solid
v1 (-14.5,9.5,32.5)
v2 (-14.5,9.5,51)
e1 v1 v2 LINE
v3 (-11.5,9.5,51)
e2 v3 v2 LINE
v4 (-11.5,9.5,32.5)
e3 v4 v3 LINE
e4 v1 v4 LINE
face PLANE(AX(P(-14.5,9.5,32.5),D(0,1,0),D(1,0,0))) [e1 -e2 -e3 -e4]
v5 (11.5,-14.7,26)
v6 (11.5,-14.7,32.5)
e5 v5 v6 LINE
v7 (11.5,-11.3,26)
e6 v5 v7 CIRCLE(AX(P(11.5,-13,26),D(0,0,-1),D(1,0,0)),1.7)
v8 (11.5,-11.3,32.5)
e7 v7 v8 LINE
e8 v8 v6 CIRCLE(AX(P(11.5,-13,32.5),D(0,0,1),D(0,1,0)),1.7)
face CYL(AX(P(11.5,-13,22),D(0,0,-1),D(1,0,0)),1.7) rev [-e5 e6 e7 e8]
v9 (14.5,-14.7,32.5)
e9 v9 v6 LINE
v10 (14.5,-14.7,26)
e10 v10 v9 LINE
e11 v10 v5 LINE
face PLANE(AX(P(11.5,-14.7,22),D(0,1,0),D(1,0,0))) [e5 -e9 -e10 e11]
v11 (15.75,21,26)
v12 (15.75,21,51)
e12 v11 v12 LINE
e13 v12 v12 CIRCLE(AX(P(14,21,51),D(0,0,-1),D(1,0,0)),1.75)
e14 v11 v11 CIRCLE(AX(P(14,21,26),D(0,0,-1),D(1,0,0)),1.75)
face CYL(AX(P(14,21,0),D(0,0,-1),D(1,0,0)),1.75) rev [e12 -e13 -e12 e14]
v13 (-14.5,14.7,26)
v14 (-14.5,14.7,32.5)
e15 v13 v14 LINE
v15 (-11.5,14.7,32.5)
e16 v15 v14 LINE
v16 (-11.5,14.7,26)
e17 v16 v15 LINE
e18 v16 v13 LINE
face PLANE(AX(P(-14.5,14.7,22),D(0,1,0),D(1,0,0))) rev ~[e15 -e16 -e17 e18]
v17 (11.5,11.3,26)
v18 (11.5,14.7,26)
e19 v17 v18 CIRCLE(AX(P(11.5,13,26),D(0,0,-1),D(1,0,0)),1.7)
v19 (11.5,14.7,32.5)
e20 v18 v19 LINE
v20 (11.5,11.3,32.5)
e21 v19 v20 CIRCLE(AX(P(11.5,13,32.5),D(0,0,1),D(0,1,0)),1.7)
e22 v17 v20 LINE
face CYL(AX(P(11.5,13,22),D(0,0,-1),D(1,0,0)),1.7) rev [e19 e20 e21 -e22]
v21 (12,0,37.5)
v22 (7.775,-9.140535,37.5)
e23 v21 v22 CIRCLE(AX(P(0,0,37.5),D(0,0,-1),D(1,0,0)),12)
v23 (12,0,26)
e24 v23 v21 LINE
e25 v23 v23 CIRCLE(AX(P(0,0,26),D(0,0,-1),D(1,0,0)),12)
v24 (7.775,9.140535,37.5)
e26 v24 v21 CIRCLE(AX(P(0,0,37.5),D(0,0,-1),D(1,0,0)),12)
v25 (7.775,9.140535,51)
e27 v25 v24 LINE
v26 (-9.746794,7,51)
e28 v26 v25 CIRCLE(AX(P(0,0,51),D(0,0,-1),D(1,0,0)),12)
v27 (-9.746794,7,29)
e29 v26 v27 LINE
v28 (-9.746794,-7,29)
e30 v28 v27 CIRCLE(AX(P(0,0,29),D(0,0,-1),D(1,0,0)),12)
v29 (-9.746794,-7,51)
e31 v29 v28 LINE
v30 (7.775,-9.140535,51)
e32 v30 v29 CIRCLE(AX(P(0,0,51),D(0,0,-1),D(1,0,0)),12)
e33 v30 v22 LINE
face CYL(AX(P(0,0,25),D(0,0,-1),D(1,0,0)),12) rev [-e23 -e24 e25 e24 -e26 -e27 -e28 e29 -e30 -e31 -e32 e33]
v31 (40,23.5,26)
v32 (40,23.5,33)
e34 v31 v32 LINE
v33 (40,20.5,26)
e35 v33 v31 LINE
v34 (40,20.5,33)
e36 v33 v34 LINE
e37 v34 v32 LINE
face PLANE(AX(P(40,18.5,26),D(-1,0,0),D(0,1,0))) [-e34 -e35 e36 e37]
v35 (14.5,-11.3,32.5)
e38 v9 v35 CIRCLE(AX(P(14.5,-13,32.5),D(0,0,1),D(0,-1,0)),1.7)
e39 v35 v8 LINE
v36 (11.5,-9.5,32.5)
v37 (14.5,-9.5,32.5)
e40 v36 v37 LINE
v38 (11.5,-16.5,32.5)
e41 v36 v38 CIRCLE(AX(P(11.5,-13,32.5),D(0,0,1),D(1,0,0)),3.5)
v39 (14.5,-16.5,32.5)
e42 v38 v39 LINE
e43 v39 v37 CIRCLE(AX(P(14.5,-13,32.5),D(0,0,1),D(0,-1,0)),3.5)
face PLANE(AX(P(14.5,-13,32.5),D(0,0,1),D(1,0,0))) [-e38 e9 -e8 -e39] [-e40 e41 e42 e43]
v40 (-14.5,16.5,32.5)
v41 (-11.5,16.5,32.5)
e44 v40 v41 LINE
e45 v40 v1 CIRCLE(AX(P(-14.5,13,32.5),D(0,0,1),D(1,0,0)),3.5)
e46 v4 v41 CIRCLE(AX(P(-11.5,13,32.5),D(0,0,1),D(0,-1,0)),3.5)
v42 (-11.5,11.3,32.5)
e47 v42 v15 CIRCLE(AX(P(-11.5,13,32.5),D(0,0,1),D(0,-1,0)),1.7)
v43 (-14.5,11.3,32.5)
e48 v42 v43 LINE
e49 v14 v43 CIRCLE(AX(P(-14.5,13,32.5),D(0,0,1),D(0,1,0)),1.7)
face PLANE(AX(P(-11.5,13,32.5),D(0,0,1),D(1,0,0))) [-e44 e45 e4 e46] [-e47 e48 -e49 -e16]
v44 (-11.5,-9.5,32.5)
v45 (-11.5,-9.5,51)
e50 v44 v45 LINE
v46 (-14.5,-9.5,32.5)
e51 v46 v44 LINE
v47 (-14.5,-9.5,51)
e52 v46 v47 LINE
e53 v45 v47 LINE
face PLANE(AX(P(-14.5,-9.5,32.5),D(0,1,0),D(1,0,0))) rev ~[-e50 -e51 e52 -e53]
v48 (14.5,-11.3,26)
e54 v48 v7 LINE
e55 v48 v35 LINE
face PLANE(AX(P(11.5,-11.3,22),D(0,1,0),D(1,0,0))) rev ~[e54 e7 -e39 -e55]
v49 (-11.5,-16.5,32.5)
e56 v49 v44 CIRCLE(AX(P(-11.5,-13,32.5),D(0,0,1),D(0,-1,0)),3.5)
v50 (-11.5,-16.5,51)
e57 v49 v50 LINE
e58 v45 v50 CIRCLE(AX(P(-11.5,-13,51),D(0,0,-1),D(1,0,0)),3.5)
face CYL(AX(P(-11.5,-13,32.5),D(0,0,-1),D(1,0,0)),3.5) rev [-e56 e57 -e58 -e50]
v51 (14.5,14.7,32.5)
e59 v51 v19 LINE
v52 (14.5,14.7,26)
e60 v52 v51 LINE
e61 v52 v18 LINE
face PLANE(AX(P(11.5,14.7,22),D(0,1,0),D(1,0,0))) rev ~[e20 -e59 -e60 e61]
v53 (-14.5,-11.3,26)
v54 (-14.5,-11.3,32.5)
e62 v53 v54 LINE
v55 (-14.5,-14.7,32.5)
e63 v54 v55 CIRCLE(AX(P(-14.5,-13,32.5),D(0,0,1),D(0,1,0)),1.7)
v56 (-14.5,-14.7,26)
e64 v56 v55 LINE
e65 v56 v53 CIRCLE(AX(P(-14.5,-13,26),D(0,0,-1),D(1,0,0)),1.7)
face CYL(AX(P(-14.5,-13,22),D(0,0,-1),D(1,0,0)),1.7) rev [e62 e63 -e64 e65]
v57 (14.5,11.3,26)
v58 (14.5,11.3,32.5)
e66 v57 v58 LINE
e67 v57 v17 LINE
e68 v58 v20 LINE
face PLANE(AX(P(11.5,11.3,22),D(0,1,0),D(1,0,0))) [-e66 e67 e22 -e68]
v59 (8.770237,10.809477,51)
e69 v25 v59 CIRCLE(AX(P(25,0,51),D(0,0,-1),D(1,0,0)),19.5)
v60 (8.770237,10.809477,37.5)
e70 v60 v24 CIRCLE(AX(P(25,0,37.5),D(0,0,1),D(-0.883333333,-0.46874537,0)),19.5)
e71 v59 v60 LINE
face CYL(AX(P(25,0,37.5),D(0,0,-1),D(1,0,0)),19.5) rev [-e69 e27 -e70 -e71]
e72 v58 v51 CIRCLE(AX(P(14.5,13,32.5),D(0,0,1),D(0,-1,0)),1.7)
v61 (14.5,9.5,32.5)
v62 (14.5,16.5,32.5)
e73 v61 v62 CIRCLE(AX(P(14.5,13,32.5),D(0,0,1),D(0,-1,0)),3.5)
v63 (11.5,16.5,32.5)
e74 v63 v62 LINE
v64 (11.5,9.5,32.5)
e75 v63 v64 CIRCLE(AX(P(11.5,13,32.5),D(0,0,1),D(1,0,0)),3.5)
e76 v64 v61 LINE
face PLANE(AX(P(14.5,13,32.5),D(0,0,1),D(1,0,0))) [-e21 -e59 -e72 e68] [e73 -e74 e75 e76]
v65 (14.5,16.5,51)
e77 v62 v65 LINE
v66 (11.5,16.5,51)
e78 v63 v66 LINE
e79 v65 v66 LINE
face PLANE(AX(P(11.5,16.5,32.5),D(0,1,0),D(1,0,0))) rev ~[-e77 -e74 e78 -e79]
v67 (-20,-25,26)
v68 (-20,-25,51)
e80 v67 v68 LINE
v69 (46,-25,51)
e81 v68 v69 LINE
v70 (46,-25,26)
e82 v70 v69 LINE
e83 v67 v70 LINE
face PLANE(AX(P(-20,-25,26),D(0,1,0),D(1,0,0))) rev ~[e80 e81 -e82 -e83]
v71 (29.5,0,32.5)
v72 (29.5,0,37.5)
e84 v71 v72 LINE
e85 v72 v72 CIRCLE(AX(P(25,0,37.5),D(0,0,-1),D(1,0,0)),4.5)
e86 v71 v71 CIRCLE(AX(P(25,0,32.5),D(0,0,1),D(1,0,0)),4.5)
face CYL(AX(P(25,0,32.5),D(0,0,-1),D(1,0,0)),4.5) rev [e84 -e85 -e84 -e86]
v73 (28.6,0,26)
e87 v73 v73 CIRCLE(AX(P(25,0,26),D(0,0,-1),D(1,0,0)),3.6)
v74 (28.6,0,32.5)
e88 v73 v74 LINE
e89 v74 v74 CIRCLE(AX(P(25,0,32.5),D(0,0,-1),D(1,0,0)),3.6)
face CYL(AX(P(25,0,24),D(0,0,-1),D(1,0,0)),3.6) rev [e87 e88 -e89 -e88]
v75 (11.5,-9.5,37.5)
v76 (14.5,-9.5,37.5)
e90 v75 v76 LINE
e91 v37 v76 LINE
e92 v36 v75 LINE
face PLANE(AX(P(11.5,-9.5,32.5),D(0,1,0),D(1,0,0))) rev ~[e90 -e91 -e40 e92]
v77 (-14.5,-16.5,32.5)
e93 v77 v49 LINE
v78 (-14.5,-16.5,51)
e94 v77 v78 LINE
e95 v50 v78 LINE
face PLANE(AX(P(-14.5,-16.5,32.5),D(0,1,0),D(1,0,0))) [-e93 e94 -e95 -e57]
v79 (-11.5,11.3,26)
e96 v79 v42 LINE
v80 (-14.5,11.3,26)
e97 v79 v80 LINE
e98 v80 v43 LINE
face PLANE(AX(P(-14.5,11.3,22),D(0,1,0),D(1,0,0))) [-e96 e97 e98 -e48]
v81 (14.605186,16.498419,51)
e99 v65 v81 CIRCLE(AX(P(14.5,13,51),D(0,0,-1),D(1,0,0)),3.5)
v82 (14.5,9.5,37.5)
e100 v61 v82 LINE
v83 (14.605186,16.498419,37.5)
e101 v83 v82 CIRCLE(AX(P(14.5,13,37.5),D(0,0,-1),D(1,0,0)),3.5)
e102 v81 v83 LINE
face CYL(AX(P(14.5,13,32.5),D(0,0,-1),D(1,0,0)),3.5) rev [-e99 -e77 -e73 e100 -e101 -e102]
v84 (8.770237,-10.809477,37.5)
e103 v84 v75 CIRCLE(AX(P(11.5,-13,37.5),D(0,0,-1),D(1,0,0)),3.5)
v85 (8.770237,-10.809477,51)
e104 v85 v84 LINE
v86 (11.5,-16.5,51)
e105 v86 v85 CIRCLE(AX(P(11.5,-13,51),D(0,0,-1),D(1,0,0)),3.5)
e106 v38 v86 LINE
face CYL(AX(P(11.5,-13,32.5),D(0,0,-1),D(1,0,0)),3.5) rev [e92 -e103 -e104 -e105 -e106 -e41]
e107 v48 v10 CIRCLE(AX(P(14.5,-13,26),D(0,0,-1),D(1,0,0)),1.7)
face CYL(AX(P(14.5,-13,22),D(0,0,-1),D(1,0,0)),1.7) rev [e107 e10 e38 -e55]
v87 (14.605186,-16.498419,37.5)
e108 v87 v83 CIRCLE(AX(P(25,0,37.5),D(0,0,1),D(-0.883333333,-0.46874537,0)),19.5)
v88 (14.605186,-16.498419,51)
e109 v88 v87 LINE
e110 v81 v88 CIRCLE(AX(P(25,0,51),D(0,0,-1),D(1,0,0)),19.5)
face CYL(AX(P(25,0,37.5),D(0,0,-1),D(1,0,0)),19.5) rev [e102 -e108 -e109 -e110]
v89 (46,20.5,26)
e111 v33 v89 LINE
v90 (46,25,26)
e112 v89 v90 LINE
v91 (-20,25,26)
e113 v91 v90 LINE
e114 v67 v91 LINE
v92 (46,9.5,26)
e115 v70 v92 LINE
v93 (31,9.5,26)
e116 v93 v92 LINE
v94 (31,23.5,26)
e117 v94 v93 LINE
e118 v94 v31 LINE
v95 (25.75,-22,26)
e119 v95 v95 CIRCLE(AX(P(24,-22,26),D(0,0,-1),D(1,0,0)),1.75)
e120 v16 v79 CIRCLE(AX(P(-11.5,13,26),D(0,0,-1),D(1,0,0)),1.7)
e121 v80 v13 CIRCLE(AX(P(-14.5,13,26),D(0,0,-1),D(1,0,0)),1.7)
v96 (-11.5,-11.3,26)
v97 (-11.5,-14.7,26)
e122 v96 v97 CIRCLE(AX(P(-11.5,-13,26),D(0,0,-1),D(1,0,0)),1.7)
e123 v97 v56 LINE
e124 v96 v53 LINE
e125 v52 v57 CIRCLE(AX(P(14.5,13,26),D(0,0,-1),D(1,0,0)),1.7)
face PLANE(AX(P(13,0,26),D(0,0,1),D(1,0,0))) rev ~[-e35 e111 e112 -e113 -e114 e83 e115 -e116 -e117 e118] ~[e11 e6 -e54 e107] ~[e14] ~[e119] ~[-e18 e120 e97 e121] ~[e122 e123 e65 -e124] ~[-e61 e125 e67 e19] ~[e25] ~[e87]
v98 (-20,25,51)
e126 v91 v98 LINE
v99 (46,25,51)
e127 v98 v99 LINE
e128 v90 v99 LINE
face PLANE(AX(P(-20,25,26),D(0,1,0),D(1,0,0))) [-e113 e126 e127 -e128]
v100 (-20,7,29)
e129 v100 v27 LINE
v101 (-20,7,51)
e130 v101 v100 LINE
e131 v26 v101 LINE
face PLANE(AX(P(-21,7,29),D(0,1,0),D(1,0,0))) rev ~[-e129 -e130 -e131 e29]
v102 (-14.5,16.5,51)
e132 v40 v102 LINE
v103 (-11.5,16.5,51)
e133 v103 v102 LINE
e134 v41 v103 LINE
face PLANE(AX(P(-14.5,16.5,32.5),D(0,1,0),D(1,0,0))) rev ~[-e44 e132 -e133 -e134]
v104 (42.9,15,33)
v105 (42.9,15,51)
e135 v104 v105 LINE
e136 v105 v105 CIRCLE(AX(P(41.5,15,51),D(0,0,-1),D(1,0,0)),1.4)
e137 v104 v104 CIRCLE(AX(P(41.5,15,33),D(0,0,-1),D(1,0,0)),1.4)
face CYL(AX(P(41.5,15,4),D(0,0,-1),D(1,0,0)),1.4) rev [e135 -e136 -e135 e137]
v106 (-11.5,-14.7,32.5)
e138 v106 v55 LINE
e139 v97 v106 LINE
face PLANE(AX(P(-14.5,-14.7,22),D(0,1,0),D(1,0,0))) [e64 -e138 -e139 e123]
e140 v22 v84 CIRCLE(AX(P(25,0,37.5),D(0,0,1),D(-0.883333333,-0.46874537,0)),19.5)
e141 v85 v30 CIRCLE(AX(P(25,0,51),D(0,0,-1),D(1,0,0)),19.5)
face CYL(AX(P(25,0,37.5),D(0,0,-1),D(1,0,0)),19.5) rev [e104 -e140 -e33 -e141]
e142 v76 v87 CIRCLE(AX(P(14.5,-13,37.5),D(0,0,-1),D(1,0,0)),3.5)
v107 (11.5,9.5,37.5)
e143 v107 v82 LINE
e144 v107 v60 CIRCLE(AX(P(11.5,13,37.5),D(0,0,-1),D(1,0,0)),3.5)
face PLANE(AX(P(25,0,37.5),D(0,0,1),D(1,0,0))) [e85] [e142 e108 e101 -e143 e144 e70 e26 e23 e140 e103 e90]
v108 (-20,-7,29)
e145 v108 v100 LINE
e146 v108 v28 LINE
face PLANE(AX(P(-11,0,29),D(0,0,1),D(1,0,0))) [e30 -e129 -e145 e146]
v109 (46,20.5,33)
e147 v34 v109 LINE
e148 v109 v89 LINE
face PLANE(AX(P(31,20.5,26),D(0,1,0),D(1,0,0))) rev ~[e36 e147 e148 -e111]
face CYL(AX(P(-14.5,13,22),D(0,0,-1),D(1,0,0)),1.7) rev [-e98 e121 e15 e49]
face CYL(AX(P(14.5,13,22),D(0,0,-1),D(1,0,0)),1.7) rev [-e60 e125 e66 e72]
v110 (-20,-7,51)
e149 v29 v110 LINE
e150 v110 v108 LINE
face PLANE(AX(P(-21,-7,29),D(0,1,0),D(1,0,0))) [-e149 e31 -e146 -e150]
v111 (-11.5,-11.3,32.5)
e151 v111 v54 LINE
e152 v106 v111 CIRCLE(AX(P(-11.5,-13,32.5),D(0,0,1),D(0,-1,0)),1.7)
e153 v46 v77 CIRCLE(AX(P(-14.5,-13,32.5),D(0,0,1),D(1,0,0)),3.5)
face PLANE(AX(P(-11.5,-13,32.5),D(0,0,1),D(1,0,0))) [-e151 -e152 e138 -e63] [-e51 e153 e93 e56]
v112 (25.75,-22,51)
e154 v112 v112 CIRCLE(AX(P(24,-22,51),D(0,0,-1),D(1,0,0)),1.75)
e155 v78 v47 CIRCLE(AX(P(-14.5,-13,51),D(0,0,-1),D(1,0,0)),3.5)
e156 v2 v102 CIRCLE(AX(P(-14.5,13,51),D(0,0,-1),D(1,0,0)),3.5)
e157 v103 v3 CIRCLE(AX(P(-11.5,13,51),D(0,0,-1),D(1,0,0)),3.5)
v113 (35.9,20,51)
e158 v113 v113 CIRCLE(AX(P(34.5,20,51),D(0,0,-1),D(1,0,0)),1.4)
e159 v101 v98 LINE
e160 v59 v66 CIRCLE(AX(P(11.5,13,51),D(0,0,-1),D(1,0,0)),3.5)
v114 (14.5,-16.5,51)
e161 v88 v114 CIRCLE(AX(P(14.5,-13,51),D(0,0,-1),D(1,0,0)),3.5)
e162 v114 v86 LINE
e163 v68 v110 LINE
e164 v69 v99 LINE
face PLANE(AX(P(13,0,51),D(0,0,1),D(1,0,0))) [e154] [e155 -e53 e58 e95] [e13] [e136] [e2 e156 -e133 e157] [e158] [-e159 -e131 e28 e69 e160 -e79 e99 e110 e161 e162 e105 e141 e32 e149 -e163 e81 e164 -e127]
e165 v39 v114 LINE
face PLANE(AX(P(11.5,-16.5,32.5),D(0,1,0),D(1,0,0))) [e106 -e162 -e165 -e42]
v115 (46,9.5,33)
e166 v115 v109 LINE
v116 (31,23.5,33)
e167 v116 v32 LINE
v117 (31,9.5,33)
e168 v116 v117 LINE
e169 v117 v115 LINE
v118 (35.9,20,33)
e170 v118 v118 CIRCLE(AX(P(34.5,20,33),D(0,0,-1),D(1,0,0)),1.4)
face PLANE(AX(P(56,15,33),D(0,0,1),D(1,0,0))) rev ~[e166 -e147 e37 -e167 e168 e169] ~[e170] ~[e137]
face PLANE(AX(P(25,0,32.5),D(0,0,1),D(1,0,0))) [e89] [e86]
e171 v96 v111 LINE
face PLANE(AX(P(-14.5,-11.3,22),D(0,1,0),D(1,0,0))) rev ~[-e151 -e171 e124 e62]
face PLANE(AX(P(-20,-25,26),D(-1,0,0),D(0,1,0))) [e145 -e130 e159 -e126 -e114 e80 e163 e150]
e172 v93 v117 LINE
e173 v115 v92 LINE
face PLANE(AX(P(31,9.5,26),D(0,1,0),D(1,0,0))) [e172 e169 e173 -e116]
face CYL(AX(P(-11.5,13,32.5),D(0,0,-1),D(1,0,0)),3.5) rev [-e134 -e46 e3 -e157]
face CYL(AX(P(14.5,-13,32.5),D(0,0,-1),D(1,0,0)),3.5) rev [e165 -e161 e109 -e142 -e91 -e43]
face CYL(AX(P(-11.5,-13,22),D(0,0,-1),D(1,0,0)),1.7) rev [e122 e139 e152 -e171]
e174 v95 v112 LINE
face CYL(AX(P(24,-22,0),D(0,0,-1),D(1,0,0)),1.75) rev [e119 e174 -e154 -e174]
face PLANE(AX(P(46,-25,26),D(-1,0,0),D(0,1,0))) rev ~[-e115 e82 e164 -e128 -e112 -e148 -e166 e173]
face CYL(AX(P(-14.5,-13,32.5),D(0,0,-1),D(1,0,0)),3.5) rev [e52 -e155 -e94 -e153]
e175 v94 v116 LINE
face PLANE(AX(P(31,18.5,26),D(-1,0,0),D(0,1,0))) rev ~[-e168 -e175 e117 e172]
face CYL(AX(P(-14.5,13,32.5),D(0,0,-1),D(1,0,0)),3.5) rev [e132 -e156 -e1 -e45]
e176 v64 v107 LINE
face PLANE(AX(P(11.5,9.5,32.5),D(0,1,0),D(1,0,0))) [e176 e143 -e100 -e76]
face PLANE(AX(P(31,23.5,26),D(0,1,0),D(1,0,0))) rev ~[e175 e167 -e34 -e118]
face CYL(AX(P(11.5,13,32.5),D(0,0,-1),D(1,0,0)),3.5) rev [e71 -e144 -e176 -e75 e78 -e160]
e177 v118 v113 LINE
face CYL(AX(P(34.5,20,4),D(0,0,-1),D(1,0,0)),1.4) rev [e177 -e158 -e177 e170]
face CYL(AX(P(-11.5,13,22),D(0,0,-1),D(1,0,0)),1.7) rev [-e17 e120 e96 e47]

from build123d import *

# Parameters (mm, degrees)
BOX043_W          = 20
BOX043_H          = 14
BOX043_DEPTH      = 30
CYLINDER032_R     = 1.75
CYLINDER032_DEPTH = 200
CYLINDER031_R     = 1.75
CYLINDER031_DEPTH = 200
CYLINDER072_R     = 1.4
CYLINDER072_DEPTH = 50
CYLINDER071_R     = 1.4
CYLINDER071_DEPTH = 50
BOX042_W          = 9
BOX042_H          = 5
BOX042_DEPTH      = 7
BOX040_W          = 50
BOX040_H          = 11
BOX040_DEPTH      = 7
CYLINDER019_R     = 4.5
CYLINDER019_DEPTH = 30
CYLINDER018_R     = 3.6
CYLINDER018_DEPTH = 30
CYLINDER016_R     = 19.5
CYLINDER016_DEPTH = 20
CYLINDER017_R     = 12
CYLINDER017_DEPTH = 33
BOX003_W          = 3
BOX003_H          = 7
BOX003_DEPTH      = 25
CYLINDER020_R     = 1.7
CYLINDER020_DEPTH = 25
CYLINDER012_R     = 3.5
CYLINDER012_DEPTH = 25
BOX002_W          = 3
BOX002_H          = 3.4
BOX002_DEPTH      = 15
CYLINDER021_R     = 3.5
CYLINDER021_DEPTH = 25
CYLINDER008_R     = 1.7
CYLINDER008_DEPTH = 25
BOX001_W          = 66
BOX001_H          = 50
BOX001_DEPTH      = 25


with BuildPart() as cube040:
    # Box043 → Box043 (new body)
    with BuildSketch(Plane(origin=(-21, -7, 29), x_dir=(1, 0, 0), z_dir=(0, 0, 1))):
        with Locations((10, 7)):
            Rectangle(BOX043_W, BOX043_H)
    extrude(amount=BOX043_DEPTH)


with BuildPart() as m3_studding003:
    # Cylinder032 → Cylinder032 (new body)
    with BuildSketch(Plane(origin=(24, -22, 0), x_dir=(1, 0, 0), z_dir=(0, 0, 1))):
        Circle(CYLINDER032_R)
    extrude(amount=CYLINDER032_DEPTH)


with BuildPart() as long_stack_studding_a:
    # Cylinder031 → Cylinder031 (new body)
    with BuildSketch(Plane(origin=(14, 21, 0), x_dir=(1, 0, 0), z_dir=(0, 0, 1))):
        Circle(CYLINDER031_R)
    extrude(amount=CYLINDER031_DEPTH)

    # Fusion046: union m3-studding003
    add(m3_studding003.part)


with BuildPart() as m3_studding013:
    # Cylinder072 → Cylinder072 (new body)
    with BuildSketch(Plane(origin=(41.5, 15, -6), x_dir=(1, 0, 0), z_dir=(0, 0, 1))):
        Circle(CYLINDER072_R)
    extrude(amount=CYLINDER072_DEPTH)


with BuildPart() as m3_tap001:
    # Cylinder071 → Cylinder071 (new body)
    with BuildSketch(Plane(origin=(34.5, 20, -6), x_dir=(1, 0, 0), z_dir=(0, 0, 1))):
        Circle(CYLINDER071_R)
    extrude(amount=CYLINDER071_DEPTH)

    # Fusion042: union m3-studding013
    add(m3_studding013.part)


with BuildPart() as m3_tap001_1:
    # Fusion042 placement: moved
    add(m3_tap001.part.moved(Location((0, 0, 10))))


with BuildPart() as cube039:
    # Box042 → Box042 (new body)
    with BuildSketch(Plane(origin=(31, 18.5, 26), x_dir=(1, 0, 0), z_dir=(0, 0, 1))):
        with Locations((4.5, 2.5)):
            Rectangle(BOX042_W, BOX042_H)
    extrude(amount=BOX042_DEPTH)


with BuildPart() as cube037:
    # Box040 → Box040 (new body)
    with BuildSketch(Plane(origin=(31, 9.5, 26), x_dir=(1, 0, 0), z_dir=(0, 0, 1))):
        with Locations((25, 5.5)):
            Rectangle(BOX040_W, BOX040_H)
    extrude(amount=BOX040_DEPTH)


with BuildPart() as f_9mm_bearing:
    # Cylinder019 → Cylinder019 (new body)
    with BuildSketch(Plane(origin=(25, 0, 32.5), x_dir=(1, 0, 0), z_dir=(0, 0, 1))):
        Circle(CYLINDER019_R)
    extrude(amount=CYLINDER019_DEPTH)


with BuildPart() as bearing_and_shaft_holes:
    # Cylinder018 → Cylinder018 (new body)
    with BuildSketch(Plane(origin=(25, 0, 24), x_dir=(1, 0, 0), z_dir=(0, 0, 1))):
        Circle(CYLINDER018_R)
    extrude(amount=CYLINDER018_DEPTH)

    # Fusion007: union 9mm-bearing
    add(f_9mm_bearing.part)


with BuildPart() as big_gear_hole:
    # Cylinder016 → Cylinder016 (new body)
    with BuildSketch(Plane(origin=(25, 0, 37.5), x_dir=(1, 0, 0), z_dir=(0, 0, 1))):
        Circle(CYLINDER016_R)
    extrude(amount=CYLINDER016_DEPTH)


with BuildPart() as gear_holes:
    # Cylinder017 → Cylinder017 (new body)
    with BuildSketch(Plane.XY.offset(25)):
        Circle(CYLINDER017_R)
    extrude(amount=CYLINDER017_DEPTH)

    # Fusion006: union big-gear-hole
    add(big_gear_hole.part)


with BuildPart() as cube003:
    # Box003 → Box003 (new body)
    with BuildSketch(Plane(origin=(13, 9.5, 35.5), x_dir=(1, 0, 0), z_dir=(0, 0, 1))):
        with Locations((1.5, 3.5)):
            Rectangle(BOX003_W, BOX003_H)
    extrude(amount=BOX003_DEPTH)


with BuildPart() as cylinder020:
    # Cylinder020 → Cylinder020 (new body)
    with BuildSketch(Plane(origin=(16, 13, 25), x_dir=(1, 0, 0), z_dir=(0, 0, 1))):
        Circle(CYLINDER020_R)
    extrude(amount=CYLINDER020_DEPTH)


with BuildPart() as cylinder012:
    # Cylinder012 → Cylinder012 (new body)
    with BuildSketch(Plane(origin=(13, 13, 35.5), x_dir=(1, 0, 0), z_dir=(0, 0, 1))):
        Circle(CYLINDER012_R)
    extrude(amount=CYLINDER012_DEPTH)


with BuildPart() as cube002:
    # Box002 → Box002 (new body)
    with BuildSketch(Plane(origin=(13, 11.3, 25), x_dir=(1, 0, 0), z_dir=(0, 0, 1))):
        with Locations((1.5, 1.7)):
            Rectangle(BOX002_W, BOX002_H)
    extrude(amount=BOX002_DEPTH)


with BuildPart() as cylinder021:
    # Cylinder021 → Cylinder021 (new body)
    with BuildSketch(Plane(origin=(16, 13, 35.5), x_dir=(1, 0, 0), z_dir=(0, 0, 1))):
        Circle(CYLINDER021_R)
    extrude(amount=CYLINDER021_DEPTH)


with BuildPart() as cylinder008:
    # Cylinder008 → Cylinder008 (new body)
    with BuildSketch(Plane(origin=(13, 13, 25), x_dir=(1, 0, 0), z_dir=(0, 0, 1))):
        Circle(CYLINDER008_R)
    extrude(amount=CYLINDER008_DEPTH)


with BuildPart() as m3_slot001:
    # Fusion002 base: copy of Cylinder008
    add(cylinder008.part)

    # Fusion002: union Cube003, Cylinder020, Cylinder012, Cube002, Cylinder021
    add(cube003.part)
    add(cylinder020.part)
    add(cylinder012.part)
    add(cube002.part)
    add(cylinder021.part)


with BuildPart() as m3_slot001_1:
    # Fusion002 placement: moved
    add(m3_slot001.part.moved(Location((-27.5, 0, 0))))


with BuildPart() as m3_slot002:
    # Fusion003 base: copy of Cylinder008
    add(cylinder008.part)

    # Fusion003: union Cube003, Cylinder020, Cylinder012, Cube002, Cylinder021
    add(cube003.part)
    add(cylinder020.part)
    add(cylinder012.part)
    add(cube002.part)
    add(cylinder021.part)


with BuildPart() as m3_slot002_1:
    # Fusion003 placement: moved
    add(m3_slot002.part.moved(Location((-27.5, -26, 0))))


with BuildPart() as m3_slot003:
    # Fusion004 base: copy of Cylinder008
    add(cylinder008.part)

    # Fusion004: union Cube003, Cylinder020, Cylinder012, Cube002, Cylinder021
    add(cube003.part)
    add(cylinder020.part)
    add(cylinder012.part)
    add(cube002.part)
    add(cylinder021.part)


with BuildPart() as m3_slot003_1:
    # Fusion004 placement: moved
    add(m3_slot003.part.moved(Location((-1.5, -26, 0))))


with BuildPart() as fusion008:
    # Fusion001 base: copy of Cylinder008
    add(cylinder008.part)

    # Fusion001: union Cube003, Cylinder020, Cylinder012, Cube002, Cylinder021
    add(cube003.part)
    add(cylinder020.part)
    add(cylinder012.part)
    add(cube002.part)
    add(cylinder021.part)


with BuildPart() as fusion008_1:
    # Fusion001 placement: moved
    add(fusion008.part.moved(Location((-1.5, 0, 0))))

    # Fusion005: union M3-slot001, M3-slot002, M3-slot003
    add(m3_slot001_1.part)
    add(m3_slot002_1.part)
    add(m3_slot003_1.part)


with BuildPart() as fusion008_2:
    # Fusion005 placement: moved
    add(fusion008_1.part.moved(Location((0, 0, -3))))

    # Fusion008: union bearing-and-shaft-holes, gear-holes
    add(bearing_and_shaft_holes.part)
    add(gear_holes.part)


with BuildPart() as gearbox:
    # Box001 → Box001 (new body)
    with BuildSketch(Plane(origin=(-20, -25, 26), x_dir=(1, 0, 0), z_dir=(0, 0, 1))):
        with Locations((33, 25)):
            Rectangle(BOX001_W, BOX001_H)
    extrude(amount=BOX001_DEPTH)

    # Cut: cut Fusion008
    add(fusion008_2.part, mode=Mode.SUBTRACT)

    # Cut023: cut Cube037
    add(cube037.part, mode=Mode.SUBTRACT)

    # Cut028: cut Cube039
    add(cube039.part, mode=Mode.SUBTRACT)

    # Cut030: cut M3-tap001
    add(m3_tap001_1.part, mode=Mode.SUBTRACT)

    # Cut034: cut long-stack-studding-a
    add(long_stack_studding_a.part, mode=Mode.SUBTRACT)

    # Cut041: cut Cube040
    add(cube040.part, mode=Mode.SUBTRACT)


solid = gearbox.part
